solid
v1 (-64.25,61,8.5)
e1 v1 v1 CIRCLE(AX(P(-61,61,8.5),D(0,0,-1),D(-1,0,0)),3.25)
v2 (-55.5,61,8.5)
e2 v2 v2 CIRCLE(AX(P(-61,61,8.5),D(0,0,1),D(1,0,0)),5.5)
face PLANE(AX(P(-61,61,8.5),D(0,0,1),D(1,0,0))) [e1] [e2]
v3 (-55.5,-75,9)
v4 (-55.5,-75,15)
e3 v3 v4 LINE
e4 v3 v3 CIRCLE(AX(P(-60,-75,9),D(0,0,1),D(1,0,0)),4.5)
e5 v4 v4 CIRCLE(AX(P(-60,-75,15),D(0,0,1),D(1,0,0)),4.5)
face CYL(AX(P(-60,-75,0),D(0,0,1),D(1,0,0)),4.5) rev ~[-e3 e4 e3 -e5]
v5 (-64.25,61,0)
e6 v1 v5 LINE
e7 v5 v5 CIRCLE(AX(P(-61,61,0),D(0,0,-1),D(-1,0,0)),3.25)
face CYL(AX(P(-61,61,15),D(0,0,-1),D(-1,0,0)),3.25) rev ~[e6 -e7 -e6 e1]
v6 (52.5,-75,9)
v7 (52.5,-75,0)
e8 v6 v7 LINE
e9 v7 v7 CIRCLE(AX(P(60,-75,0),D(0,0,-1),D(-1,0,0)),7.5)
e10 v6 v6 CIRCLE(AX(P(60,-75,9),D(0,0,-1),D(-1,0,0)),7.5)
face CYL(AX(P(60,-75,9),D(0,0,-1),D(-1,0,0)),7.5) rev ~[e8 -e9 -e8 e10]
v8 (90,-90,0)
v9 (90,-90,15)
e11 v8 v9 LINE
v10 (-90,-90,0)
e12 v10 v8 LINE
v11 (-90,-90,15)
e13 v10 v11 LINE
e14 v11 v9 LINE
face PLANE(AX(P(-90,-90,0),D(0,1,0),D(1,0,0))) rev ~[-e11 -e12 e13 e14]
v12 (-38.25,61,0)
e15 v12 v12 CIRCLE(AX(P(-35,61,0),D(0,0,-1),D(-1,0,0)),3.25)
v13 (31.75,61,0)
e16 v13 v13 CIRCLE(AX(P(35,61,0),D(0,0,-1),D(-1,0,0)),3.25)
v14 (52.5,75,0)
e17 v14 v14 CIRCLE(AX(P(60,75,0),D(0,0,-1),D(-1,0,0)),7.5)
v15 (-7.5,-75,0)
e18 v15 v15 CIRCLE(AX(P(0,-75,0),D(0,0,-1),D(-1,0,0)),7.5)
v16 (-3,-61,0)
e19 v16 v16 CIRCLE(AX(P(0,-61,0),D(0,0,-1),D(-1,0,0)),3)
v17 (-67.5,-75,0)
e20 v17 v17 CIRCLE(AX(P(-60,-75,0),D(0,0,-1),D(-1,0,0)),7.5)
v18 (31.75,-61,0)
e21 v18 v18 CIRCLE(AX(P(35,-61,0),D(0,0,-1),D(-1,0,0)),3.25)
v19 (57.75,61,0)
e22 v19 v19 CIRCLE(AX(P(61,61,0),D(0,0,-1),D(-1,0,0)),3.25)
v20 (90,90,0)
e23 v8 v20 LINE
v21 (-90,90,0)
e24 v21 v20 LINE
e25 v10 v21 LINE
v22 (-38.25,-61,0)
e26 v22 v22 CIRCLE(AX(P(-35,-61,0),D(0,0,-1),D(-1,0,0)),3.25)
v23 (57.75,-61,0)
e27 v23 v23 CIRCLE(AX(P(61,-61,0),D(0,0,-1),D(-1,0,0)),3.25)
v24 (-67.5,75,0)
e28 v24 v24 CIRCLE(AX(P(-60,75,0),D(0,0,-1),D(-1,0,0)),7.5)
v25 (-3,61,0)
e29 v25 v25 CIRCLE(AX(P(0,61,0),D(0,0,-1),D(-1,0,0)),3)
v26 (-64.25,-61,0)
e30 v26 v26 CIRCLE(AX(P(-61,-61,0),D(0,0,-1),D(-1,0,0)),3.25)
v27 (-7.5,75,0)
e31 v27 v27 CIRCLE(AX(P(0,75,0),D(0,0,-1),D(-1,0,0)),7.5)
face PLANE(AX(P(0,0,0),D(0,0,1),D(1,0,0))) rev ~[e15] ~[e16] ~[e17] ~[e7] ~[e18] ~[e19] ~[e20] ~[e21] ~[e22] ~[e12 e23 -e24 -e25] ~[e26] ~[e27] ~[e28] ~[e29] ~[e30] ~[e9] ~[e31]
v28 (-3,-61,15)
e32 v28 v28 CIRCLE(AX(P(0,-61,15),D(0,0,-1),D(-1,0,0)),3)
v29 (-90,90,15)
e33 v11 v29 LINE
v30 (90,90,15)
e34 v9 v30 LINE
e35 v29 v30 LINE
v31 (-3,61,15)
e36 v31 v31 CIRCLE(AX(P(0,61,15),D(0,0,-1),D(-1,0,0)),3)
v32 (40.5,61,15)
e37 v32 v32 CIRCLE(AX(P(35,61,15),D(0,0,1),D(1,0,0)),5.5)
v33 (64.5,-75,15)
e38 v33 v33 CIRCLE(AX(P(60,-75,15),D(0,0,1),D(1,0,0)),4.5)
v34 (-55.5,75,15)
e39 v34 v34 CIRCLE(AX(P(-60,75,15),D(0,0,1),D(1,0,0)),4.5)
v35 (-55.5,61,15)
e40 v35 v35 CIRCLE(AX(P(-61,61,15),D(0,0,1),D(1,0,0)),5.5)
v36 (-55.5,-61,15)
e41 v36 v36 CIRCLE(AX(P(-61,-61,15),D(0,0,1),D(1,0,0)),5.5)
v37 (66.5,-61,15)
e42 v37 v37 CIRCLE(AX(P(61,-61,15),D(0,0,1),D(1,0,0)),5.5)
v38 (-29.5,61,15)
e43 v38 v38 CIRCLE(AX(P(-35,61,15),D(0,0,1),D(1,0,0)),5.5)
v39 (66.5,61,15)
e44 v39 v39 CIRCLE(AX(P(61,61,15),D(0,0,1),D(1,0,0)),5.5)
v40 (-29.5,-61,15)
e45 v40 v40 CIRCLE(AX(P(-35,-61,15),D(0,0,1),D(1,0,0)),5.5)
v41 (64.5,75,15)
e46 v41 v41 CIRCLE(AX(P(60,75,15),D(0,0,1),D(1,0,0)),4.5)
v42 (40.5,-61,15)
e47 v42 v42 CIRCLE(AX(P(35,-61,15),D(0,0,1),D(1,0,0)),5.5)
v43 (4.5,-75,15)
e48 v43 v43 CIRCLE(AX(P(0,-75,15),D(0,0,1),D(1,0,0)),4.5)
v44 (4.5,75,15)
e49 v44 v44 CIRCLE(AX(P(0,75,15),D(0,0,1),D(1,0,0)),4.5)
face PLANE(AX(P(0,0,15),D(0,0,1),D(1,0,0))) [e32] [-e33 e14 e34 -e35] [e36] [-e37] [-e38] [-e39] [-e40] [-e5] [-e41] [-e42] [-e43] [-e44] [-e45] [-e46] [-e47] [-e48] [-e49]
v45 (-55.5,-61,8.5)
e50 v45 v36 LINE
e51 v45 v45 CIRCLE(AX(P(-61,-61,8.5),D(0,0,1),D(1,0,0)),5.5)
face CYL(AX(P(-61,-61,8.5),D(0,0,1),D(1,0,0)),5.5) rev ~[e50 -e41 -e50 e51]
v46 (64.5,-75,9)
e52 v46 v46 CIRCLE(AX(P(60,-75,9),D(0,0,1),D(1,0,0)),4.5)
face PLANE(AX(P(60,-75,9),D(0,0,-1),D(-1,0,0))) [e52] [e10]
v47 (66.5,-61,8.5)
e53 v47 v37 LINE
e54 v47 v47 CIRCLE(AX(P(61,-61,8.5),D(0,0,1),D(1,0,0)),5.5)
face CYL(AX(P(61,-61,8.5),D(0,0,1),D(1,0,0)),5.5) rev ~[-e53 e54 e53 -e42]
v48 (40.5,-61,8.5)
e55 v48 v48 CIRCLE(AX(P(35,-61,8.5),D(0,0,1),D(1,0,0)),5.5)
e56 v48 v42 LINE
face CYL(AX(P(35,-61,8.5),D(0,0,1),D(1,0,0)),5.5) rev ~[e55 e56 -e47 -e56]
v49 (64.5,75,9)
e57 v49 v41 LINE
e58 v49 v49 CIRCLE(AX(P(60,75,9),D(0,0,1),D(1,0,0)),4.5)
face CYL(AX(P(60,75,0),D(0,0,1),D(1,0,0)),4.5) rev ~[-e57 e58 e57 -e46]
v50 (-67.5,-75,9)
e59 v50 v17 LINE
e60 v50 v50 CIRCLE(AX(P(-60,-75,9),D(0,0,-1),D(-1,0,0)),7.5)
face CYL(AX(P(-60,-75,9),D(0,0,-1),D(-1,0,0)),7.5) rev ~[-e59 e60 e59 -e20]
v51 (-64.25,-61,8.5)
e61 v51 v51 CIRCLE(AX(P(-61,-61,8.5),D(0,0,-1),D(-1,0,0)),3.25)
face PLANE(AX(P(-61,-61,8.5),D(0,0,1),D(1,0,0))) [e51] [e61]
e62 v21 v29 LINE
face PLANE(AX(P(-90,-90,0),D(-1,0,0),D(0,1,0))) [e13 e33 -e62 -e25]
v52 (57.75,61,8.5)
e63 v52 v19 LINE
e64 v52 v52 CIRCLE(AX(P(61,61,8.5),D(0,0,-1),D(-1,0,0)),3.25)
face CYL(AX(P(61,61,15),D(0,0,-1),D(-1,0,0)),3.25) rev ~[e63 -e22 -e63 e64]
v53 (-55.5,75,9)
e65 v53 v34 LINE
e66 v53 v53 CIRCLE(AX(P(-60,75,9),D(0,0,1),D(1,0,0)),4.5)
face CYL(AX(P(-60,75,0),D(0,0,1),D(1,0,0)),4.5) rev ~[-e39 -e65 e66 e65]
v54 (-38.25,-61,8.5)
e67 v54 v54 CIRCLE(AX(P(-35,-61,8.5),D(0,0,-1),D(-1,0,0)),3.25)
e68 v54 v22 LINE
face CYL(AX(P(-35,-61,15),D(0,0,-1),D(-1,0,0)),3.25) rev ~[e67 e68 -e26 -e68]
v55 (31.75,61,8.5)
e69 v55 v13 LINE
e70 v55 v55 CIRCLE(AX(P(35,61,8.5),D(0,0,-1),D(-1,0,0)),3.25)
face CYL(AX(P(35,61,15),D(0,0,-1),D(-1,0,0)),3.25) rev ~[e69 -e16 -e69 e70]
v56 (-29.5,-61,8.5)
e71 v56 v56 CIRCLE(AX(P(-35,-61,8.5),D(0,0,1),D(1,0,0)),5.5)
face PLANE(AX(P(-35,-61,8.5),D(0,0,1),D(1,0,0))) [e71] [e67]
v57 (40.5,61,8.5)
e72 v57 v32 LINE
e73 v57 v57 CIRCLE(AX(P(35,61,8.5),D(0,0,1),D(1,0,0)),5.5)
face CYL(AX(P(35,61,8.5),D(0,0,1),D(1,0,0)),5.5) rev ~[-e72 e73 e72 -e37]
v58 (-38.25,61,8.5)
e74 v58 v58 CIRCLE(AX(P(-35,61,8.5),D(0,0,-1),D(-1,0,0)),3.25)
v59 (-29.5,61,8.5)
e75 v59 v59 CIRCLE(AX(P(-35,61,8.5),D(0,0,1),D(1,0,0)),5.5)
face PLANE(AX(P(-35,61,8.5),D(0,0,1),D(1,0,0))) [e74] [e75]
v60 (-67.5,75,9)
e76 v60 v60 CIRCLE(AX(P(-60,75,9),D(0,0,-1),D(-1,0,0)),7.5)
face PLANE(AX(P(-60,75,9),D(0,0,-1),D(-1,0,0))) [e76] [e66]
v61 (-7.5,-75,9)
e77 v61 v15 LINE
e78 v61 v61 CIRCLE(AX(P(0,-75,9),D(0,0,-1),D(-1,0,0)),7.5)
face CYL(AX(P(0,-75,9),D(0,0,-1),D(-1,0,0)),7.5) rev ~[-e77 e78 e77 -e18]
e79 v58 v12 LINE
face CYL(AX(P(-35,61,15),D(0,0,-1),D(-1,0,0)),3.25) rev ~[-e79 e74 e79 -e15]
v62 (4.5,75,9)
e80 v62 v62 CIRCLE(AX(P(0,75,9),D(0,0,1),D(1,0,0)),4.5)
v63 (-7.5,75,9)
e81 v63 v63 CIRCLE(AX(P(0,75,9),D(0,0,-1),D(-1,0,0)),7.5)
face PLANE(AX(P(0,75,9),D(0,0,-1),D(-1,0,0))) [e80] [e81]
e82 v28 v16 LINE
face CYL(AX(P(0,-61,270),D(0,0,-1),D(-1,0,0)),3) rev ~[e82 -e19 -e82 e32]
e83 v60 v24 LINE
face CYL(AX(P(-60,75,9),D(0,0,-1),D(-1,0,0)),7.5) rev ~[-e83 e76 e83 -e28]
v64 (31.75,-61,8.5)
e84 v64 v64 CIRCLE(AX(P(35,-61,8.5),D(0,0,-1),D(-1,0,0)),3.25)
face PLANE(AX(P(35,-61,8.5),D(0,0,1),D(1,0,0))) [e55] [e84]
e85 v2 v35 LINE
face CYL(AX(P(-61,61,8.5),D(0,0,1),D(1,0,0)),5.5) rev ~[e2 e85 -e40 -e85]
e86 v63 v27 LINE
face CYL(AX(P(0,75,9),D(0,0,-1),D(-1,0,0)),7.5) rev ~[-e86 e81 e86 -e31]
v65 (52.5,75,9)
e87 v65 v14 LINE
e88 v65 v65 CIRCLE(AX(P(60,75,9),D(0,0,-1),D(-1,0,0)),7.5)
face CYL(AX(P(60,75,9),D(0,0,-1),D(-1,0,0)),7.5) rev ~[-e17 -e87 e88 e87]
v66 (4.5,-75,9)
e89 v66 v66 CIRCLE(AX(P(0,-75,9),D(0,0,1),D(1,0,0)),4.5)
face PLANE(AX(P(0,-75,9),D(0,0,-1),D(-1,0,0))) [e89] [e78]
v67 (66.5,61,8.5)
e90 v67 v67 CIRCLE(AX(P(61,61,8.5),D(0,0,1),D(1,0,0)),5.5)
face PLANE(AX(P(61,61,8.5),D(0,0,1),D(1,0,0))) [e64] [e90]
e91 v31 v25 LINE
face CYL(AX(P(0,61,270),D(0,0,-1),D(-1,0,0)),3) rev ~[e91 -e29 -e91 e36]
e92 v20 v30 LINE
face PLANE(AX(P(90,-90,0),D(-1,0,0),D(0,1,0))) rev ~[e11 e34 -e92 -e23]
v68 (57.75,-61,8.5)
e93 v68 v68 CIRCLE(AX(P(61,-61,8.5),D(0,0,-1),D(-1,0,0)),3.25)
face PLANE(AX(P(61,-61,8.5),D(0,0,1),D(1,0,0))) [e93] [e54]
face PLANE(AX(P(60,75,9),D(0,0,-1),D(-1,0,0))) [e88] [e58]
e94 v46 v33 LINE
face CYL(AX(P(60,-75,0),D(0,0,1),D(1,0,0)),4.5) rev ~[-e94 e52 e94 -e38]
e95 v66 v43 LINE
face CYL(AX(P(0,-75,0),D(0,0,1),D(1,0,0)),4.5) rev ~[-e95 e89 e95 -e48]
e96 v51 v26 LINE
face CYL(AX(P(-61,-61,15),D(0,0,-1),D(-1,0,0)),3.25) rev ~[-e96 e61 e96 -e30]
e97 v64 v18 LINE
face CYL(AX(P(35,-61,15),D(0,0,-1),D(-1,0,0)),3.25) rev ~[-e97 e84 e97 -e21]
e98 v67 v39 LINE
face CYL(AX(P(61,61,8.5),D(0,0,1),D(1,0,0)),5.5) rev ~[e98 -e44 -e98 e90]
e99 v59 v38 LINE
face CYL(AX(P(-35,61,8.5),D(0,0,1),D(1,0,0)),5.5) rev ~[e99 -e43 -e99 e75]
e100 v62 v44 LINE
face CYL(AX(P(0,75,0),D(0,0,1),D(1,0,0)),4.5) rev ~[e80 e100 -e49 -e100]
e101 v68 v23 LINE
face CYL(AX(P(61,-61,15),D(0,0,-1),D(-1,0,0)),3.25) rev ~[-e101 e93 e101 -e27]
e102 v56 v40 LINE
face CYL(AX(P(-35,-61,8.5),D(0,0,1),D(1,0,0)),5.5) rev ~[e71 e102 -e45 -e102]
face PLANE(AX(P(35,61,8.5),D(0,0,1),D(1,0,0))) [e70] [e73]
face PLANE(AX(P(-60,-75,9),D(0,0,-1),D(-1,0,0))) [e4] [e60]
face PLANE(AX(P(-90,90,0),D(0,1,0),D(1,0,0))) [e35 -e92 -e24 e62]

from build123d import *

# Parameters (mm, degrees)
SKETCH_1_W                    = 180
SKETCH_1_H                    = 180
EXTRUDE_1_DEPTH               = 15
HOLE_WIZARD_4_8_1_D           = 6.5
HOLE_WIZARD_4_8_1_CBORE_D     = 11
HOLE_WIZARD_4_8_1_CBORE_DEPTH = 6.5
HOLE_WIZARD_6_0_6_1_D         = 6
HOLE_WIZARD_4_8_2_D           = 9
HOLE_WIZARD_4_8_2_CBORE_D     = 15
HOLE_WIZARD_4_8_2_CBORE_DEPTH = 9


with BuildPart() as part:
    # 草图1 → 凸台-拉伸1 (new body)
    with BuildSketch(Plane.XY):
        Rectangle(SKETCH_1_W, SKETCH_1_H)
    extrude(amount=EXTRUDE_1_DEPTH)

    # 打孔尺寸根据内六角花形圆柱头螺钉-4.8级的类型1 (through all)
    with Locations(Plane(origin=(-61, 61, 15), x_dir=(1, 0, 0), z_dir=(0, 0, 1))):
        with Locations((0, 0), (96, 0), (26, 0), (0, -122), (26, -122), (96, -122), (122, -122), (122, 0)):
            CounterBoreHole(HOLE_WIZARD_4_8_1_D / 2, HOLE_WIZARD_4_8_1_CBORE_D / 2, HOLE_WIZARD_4_8_1_CBORE_DEPTH)

    # Ø6.0 (6) 直径孔1 (through all)
    with Locations(Plane(origin=(0, 61, 15), x_dir=(1, 0, 0), z_dir=(0, 0, 1))):
        with Locations((0, 0), (0, -122)):
            Hole(HOLE_WIZARD_6_0_6_1_D / 2)

    # 打孔尺寸根据内六角花形圆柱头螺钉-4.8级的类型2 (through all)
    with Locations(Plane(origin=(60, 75, 0), x_dir=(-1, 0, 0), z_dir=(0, 0, -1))):
        with Locations((0, 0), (60, 0), (120, 0), (120, -150), (60, -150), (0, -150)):
            CounterBoreHole(HOLE_WIZARD_4_8_2_D / 2, HOLE_WIZARD_4_8_2_CBORE_D / 2, HOLE_WIZARD_4_8_2_CBORE_DEPTH)


solid = part.part
